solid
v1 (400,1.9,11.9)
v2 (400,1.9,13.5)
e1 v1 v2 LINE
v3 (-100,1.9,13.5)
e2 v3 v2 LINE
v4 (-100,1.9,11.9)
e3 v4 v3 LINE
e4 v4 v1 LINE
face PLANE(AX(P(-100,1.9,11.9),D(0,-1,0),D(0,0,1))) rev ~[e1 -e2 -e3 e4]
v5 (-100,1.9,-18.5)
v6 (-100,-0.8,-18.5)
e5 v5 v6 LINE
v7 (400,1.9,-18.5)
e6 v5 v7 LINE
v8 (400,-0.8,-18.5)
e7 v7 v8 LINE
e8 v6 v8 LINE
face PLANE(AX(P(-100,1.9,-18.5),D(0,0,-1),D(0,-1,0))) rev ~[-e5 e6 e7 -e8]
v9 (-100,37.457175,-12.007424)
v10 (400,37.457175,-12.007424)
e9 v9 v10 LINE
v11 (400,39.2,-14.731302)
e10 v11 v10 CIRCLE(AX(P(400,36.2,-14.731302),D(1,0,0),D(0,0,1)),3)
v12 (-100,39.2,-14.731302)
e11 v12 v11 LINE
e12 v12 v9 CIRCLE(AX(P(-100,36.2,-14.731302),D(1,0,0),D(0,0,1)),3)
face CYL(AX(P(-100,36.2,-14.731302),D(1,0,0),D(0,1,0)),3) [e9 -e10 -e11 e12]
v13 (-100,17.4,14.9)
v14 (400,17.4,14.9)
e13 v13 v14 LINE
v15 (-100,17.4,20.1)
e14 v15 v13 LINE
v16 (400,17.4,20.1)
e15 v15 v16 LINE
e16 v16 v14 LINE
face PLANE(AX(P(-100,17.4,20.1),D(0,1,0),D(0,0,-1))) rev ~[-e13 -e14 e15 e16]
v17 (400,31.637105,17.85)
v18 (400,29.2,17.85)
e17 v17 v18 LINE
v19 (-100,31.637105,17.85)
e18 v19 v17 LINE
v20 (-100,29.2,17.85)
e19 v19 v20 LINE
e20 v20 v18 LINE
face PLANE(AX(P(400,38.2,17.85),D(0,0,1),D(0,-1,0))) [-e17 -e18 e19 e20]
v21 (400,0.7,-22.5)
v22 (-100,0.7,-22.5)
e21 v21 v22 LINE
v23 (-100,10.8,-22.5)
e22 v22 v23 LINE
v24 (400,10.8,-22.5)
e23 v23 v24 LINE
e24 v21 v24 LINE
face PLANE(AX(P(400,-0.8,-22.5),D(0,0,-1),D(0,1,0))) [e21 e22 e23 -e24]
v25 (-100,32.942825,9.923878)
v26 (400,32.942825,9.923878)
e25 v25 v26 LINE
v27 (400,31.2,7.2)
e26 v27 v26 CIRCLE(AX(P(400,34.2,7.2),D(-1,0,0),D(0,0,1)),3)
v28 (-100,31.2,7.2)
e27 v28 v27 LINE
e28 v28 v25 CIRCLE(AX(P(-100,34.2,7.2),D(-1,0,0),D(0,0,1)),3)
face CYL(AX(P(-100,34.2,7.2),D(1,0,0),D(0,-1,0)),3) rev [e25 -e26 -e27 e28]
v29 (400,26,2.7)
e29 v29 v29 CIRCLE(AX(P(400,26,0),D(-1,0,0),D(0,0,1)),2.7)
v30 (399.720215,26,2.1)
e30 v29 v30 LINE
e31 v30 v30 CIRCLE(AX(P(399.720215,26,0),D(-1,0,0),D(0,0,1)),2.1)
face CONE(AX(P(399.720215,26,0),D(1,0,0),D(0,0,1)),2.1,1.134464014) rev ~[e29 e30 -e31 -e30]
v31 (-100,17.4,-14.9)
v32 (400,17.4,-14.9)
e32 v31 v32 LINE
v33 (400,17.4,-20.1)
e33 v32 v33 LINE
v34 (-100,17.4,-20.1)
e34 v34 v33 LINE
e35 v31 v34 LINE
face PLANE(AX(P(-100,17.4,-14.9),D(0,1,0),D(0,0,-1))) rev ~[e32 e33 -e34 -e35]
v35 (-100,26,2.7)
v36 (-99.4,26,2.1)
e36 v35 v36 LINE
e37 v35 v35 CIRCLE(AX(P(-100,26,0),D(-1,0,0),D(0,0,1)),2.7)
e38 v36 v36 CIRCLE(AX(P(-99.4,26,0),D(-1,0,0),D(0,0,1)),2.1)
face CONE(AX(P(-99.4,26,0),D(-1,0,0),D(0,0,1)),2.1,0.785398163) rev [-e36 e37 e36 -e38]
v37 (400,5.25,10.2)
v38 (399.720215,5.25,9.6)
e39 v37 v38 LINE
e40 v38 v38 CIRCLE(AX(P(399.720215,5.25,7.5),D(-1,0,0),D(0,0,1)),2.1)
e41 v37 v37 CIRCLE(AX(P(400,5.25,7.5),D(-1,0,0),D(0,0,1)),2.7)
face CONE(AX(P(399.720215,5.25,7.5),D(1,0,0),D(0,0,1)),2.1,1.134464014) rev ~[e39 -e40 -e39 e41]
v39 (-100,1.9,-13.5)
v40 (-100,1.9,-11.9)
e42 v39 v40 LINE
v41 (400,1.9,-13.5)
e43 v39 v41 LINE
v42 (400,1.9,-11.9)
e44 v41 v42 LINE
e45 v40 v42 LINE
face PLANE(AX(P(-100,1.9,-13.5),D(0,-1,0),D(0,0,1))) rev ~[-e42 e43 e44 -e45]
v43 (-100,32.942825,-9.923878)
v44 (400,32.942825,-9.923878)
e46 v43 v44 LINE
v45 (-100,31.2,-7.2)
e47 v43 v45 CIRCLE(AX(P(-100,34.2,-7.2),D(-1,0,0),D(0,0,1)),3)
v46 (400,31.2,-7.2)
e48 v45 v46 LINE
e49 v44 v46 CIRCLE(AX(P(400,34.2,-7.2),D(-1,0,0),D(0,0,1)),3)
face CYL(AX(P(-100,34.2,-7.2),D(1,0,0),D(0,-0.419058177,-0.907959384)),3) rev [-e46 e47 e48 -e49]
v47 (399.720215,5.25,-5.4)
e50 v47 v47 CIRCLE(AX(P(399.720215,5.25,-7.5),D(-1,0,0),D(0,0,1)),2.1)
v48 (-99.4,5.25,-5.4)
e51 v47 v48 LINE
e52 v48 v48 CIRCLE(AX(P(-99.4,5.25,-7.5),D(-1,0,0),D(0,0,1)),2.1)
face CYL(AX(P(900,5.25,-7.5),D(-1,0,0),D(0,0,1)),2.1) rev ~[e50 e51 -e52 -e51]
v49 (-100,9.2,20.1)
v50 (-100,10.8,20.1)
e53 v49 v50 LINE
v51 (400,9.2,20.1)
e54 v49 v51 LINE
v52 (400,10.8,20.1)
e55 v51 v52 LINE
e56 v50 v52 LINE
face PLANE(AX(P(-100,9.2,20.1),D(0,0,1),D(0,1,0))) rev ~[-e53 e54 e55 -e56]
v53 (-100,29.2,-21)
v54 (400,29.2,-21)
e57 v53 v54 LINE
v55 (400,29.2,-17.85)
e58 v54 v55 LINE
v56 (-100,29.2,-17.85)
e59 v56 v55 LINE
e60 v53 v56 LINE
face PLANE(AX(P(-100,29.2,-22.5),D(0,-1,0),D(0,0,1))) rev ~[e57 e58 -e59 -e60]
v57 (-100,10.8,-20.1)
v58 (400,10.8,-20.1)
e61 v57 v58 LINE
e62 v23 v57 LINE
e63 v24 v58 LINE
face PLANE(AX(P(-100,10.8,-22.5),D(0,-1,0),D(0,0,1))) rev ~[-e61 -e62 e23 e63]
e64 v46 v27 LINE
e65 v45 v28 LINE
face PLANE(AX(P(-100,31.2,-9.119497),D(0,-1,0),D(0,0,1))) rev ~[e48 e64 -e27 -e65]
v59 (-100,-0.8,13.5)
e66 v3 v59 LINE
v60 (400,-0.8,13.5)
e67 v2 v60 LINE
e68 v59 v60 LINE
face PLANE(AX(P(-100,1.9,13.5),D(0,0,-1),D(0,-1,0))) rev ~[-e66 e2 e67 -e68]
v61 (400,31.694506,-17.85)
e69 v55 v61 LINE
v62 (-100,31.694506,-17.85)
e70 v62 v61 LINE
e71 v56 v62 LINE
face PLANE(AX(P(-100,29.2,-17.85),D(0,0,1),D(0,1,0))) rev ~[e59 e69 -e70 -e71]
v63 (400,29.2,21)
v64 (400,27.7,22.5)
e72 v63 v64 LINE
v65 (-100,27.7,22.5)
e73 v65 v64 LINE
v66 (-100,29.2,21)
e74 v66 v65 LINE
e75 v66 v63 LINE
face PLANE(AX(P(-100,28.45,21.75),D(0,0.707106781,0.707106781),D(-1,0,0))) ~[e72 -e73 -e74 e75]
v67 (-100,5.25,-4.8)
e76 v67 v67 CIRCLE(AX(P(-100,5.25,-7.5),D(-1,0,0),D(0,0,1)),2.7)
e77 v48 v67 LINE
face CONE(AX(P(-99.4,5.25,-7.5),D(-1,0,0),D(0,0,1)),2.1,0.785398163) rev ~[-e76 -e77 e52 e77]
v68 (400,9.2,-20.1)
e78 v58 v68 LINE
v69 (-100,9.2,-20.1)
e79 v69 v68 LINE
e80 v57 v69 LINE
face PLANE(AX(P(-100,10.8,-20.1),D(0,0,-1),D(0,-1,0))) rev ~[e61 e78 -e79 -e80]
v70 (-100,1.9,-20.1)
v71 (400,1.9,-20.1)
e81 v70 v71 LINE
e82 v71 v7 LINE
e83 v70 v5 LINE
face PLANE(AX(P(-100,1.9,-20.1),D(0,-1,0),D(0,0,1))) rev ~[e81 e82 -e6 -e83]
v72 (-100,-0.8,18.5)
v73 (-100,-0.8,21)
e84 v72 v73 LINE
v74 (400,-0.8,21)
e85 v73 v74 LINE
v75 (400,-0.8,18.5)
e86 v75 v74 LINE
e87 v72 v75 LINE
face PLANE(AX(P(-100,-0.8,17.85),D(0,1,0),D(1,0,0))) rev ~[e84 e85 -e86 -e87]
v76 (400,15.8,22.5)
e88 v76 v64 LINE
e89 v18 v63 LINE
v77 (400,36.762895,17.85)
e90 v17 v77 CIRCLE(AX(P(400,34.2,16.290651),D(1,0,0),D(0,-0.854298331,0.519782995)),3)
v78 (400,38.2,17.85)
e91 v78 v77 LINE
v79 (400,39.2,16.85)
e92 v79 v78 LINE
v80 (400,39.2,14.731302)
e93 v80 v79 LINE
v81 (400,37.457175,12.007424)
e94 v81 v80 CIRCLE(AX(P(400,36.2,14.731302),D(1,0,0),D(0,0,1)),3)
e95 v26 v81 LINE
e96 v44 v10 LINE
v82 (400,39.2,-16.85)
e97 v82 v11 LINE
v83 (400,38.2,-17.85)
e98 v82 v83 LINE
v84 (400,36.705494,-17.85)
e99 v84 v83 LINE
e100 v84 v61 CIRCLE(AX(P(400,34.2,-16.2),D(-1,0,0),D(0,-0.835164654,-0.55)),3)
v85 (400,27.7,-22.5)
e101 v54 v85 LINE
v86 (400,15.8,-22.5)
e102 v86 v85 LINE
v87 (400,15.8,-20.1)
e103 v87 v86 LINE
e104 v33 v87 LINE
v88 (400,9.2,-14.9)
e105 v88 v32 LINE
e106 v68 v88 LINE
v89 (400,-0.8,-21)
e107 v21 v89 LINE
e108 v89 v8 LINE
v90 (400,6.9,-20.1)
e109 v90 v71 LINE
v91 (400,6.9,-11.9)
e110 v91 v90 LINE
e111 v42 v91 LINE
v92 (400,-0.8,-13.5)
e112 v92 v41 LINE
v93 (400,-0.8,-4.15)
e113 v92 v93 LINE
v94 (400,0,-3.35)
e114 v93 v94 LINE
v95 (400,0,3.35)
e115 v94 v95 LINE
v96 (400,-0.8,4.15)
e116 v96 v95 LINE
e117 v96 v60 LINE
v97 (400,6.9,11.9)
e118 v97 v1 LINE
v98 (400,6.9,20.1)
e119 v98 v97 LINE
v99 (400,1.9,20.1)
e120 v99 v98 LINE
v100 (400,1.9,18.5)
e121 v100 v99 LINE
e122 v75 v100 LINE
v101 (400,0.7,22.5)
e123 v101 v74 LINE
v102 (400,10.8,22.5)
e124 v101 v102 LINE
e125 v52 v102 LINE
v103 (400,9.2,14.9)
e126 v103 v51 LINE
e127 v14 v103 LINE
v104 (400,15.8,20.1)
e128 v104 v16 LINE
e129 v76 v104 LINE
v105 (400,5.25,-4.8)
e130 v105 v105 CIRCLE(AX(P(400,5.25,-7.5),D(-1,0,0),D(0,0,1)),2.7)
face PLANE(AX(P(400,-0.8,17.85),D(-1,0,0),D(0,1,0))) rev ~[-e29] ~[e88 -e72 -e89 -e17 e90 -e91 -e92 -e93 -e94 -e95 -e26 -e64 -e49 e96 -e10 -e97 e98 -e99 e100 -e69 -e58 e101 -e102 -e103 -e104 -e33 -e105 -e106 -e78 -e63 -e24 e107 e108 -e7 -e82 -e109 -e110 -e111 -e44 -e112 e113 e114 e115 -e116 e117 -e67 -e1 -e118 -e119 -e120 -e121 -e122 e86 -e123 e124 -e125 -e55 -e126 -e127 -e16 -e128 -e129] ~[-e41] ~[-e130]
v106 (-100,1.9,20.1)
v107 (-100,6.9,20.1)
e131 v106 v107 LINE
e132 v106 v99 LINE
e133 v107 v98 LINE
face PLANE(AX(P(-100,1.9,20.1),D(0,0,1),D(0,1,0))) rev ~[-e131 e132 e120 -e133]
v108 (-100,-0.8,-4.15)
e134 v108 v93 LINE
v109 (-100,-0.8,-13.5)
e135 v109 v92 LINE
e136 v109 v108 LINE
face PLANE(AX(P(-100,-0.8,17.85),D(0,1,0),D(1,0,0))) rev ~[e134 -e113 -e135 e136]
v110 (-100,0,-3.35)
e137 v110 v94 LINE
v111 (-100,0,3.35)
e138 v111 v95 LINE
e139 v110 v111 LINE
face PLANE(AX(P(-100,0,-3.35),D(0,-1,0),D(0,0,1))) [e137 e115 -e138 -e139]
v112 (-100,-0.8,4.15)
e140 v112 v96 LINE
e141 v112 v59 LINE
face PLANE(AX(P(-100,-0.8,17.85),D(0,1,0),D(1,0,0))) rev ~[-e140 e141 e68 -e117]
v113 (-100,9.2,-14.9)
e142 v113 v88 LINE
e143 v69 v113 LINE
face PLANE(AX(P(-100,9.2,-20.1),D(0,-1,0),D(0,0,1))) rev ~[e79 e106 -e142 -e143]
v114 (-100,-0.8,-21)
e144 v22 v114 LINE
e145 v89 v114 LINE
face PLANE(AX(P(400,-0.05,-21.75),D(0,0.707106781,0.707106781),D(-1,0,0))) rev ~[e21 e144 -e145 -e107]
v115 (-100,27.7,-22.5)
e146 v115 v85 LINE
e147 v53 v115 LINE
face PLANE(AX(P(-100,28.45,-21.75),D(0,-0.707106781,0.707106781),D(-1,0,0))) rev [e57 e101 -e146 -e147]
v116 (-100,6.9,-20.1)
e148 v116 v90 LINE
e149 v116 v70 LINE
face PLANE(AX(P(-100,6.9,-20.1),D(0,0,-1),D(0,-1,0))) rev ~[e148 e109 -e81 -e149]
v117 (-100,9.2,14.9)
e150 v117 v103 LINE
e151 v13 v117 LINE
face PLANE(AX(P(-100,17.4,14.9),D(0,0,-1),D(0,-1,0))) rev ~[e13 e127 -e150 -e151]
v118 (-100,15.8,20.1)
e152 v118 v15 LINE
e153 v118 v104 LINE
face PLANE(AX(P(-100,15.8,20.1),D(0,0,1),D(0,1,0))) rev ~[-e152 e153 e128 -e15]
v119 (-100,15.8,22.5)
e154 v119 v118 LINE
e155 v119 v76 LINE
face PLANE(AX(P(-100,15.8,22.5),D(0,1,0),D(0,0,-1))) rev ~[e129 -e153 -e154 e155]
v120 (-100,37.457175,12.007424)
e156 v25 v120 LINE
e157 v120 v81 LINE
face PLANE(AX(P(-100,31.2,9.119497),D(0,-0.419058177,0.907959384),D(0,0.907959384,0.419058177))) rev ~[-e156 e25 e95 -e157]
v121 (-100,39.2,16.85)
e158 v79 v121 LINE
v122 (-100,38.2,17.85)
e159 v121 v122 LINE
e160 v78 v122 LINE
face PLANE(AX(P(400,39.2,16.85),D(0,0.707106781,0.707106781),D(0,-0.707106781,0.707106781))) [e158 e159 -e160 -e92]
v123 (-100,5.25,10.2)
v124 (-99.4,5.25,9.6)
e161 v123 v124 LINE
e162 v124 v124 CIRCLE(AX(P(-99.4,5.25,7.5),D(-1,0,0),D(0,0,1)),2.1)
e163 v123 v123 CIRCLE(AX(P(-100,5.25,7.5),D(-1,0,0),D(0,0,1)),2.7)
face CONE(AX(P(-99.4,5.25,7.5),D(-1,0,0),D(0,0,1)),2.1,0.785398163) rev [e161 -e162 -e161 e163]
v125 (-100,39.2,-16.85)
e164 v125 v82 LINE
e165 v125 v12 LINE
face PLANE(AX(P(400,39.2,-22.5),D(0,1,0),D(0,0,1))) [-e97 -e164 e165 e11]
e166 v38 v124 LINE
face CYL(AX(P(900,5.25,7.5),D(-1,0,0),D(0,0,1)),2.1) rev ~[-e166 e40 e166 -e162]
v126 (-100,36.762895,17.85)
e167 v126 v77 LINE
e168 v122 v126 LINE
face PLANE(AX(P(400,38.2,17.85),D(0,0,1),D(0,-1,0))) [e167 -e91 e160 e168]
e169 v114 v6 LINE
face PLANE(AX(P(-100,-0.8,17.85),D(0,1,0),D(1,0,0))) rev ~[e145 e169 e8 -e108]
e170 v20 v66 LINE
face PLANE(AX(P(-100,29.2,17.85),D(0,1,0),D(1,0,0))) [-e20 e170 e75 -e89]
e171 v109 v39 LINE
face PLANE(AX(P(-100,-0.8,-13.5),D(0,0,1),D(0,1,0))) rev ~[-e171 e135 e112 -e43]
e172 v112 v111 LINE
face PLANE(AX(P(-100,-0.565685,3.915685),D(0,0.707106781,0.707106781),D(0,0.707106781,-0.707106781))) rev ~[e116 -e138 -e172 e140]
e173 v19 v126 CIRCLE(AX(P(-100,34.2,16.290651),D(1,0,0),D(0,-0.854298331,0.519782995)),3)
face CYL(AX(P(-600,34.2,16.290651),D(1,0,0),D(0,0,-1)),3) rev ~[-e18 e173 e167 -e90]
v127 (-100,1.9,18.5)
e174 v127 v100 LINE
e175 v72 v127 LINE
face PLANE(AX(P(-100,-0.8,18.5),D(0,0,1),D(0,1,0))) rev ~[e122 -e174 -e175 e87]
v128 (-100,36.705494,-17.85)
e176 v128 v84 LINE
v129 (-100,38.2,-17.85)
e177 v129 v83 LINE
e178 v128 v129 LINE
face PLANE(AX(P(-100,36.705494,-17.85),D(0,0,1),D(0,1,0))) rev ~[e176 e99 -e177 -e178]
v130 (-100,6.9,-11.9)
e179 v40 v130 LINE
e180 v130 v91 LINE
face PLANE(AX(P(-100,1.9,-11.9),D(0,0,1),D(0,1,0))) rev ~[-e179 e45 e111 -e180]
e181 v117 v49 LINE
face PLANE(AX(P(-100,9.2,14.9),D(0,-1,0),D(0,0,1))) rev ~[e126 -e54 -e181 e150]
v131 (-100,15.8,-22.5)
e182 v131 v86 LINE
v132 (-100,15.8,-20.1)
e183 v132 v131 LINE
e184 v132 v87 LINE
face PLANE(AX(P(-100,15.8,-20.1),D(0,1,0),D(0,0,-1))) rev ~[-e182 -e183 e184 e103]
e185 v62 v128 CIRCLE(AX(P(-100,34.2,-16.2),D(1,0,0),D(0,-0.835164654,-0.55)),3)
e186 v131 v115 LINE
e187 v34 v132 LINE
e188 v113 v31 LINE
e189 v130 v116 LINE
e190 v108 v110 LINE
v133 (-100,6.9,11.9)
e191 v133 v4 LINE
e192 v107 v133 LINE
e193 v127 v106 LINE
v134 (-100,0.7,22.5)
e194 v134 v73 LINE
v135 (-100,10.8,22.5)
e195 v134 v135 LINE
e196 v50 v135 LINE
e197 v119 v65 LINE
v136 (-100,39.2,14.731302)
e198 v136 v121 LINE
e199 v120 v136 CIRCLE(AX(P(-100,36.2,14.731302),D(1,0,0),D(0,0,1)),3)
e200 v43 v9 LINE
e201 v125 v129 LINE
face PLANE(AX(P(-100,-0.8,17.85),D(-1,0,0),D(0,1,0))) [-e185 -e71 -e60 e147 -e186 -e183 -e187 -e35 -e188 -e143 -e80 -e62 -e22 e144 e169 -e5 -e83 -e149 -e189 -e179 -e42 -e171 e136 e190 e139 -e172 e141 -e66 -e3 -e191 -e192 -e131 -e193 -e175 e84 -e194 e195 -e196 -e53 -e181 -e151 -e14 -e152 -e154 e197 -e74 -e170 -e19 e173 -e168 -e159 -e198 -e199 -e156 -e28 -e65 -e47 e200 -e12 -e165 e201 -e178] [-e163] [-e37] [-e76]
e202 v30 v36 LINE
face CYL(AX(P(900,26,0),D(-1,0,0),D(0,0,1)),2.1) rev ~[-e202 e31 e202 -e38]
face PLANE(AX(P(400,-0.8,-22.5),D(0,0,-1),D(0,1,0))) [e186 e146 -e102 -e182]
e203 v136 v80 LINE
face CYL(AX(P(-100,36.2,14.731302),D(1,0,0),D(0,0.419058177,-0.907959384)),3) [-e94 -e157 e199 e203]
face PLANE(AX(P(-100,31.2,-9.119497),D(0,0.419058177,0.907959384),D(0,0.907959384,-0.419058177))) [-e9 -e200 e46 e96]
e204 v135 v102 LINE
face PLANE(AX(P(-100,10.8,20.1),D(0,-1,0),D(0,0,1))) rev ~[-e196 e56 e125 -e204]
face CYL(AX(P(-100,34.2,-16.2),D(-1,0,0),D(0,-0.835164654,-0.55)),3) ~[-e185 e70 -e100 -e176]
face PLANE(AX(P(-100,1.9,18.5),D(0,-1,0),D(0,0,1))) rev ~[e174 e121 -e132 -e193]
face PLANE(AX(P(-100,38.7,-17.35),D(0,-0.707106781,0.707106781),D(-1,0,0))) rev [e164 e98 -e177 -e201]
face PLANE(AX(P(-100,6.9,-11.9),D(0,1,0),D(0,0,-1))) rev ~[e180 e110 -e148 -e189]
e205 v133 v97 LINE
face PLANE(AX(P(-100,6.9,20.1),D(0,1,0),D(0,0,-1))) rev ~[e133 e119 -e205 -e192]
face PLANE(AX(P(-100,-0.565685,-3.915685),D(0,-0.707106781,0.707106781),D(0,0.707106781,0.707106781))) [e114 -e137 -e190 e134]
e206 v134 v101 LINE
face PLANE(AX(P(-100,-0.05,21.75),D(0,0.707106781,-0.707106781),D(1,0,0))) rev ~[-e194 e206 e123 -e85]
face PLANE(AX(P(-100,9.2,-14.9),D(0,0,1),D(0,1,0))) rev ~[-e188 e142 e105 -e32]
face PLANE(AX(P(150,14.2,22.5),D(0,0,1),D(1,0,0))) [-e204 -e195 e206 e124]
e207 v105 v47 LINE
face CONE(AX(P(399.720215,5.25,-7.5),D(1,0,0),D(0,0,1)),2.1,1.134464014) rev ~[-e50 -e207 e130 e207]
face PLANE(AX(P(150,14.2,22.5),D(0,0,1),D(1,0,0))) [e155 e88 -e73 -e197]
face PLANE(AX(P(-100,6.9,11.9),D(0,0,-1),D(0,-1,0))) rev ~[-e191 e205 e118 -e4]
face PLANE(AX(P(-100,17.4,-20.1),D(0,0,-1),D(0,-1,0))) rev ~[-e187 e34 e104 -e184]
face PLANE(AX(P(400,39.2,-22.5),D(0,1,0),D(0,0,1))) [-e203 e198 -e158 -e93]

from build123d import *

# Parameters (mm, degrees)
EXTRUDE_1_DEPTH                = 500
SKETCH_2_W                     = 500
SKETCH_2_H                     = 30
EXTRUDE_2_DEPTH                = 4.65
CUT_EXTRUDE_1_DEPTH            = 501
CUT_EXTRUDE_2_DEPTH            = 501
SKETCH_5_W                     = 6.7
SKETCH_5_H                     = 0.8
CUT_EXTRUDE_3_DEPTH            = 501
CUT_EXTRUDE_4_DEPTH            = 501
CUT_EXTRUDE_5_DEPTH            = 501
CUT_EXTRUDE_6_DEPTH            = 501
SKETCH_9_W                     = 18.238994336
SKETCH_9_H                     = 8
CUT_EXTRUDE_7_DEPTH            = 501
DRAFT_1_ANGLE                  = 45
DRAFT_2_ANGLE                  = 24.775140569
F_4_2_4_2_DIAMETER_HOLE1_D     = 4.2
F_4_2_4_2_DIAMETER_HOLE1_DEPTH = 500
F_6_0_6_DIAMETER_HOLE1_D       = 6
F_6_0_6_DIAMETER_HOLE1_DEPTH   = 500
CHAMFER_1_SIZE                 = 0.6
CHAMFER_1_SIZE2                = 0.279784595
CHAMFER_2_SIZE                 = 0.6
CHAMFER_3_SIZE                 = 1
CHAMFER_4_SIZE                 = 1.5
FILLET_1_R                     = 3


with BuildPart() as part:
    # 스케치1 → 보스-돌출1 (new body)
    with BuildSketch(Plane(origin=(400, 0, 0), x_dir=(0, 0, -1), z_dir=(1, 0, 0))):
        Polygon((-17.85, 38.2), (-17.85, -0.8), (22.5, -0.8), (22.5, 39.2), (-16.85, 39.2), align=None)
    extrude(amount=-EXTRUDE_1_DEPTH)

    # 스케치2 → 보스-돌출2 (add)
    with BuildSketch(Plane.XY.offset(17.85)):
        with Locations((150, 14.2)):
            Rectangle(SKETCH_2_W, SKETCH_2_H)
    extrude(amount=EXTRUDE_2_DEPTH)

    # 스케치3 → 컷-돌출1 (cut, through all)
    with BuildSketch(Plane.ZY.offset(100)):
        Polygon((22.5, 10.8), (22.5, 15.8), (20.1, 15.8), (20.1, 17.4), (14.9, 17.4), (14.9, 9.2), (20.1, 9.2), (20.1, 10.8), align=None)
    extrude(amount=-CUT_EXTRUDE_1_DEPTH, mode=Mode.SUBTRACT)

    # 스케치4 → 컷-돌출2 (cut, through all)
    with BuildSketch(Plane.ZY.offset(100)):
        Polygon((13.5, -0.8), (18.5, -0.8), (18.5, 1.9), (20.1, 1.9), (20.1, 6.9), (11.9, 6.9), (11.9, 1.9), (13.5, 1.9), align=None)
    extrude(amount=-CUT_EXTRUDE_2_DEPTH, mode=Mode.SUBTRACT)

    # 스케치5 → 컷-돌출3 (cut, through all)
    with BuildSketch(Plane.ZY.offset(100)):
        with Locations((0, -0.4)):
            Rectangle(SKETCH_5_W, SKETCH_5_H)
    extrude(amount=-CUT_EXTRUDE_3_DEPTH, mode=Mode.SUBTRACT)

    # 스케치6 → 컷-돌출4 (cut, through all)
    with BuildSketch(Plane.ZY.offset(100)):
        Polygon((-18.5, -0.8), (-13.5, -0.8), (-13.5, 1.9), (-11.9, 1.9), (-11.9, 6.9), (-20.1, 6.9), (-20.1, 1.9), (-18.5, 1.9), align=None)
    extrude(amount=-CUT_EXTRUDE_4_DEPTH, mode=Mode.SUBTRACT)

    # 스케치7 → 컷-돌출5 (cut, through all)
    with BuildSketch(Plane.ZY.offset(100)):
        Polygon((-22.5, 15.8), (-22.5, 10.8), (-20.1, 10.8), (-20.1, 9.2), (-14.9, 9.2), (-14.9, 17.4), (-20.1, 17.4), (-20.1, 15.8), align=None)
    extrude(amount=-CUT_EXTRUDE_5_DEPTH, mode=Mode.SUBTRACT)

    # 스케치8 → 컷-돌출6 (cut, through all)
    with BuildSketch(Plane.ZY.offset(100)):
        with BuildLine():
            Line((-17.85, 36.705493963), (-17.85, 39.2))
            Line((-17.85, 39.2), (-22.5, 39.2))
            Line((-22.5, 39.2), (-22.5, 29.2))
            Line((-22.5, 29.2), (-17.85, 29.2))
            Line((-17.85, 29.2), (-17.85, 31.694506037))
            ThreePointArc((-17.85, 31.694506037), (-19.2, 34.2), (-17.85, 36.705493963))
        make_face()
    extrude(amount=-CUT_EXTRUDE_6_DEPTH, mode=Mode.SUBTRACT)

    # 스케치9 → 컷-돌출7 (cut, through all)
    with BuildSketch(Plane.ZY.offset(100)):
        with Locations((0, 35.2)):
            Rectangle(SKETCH_9_W, SKETCH_9_H)
    extrude(amount=-CUT_EXTRUDE_7_DEPTH, mode=Mode.SUBTRACT)

    # 구배1
    draft_1_faces = [part.faces().sort_by_distance(p)[0] for p in [
        (150, -0.4, 3.35),
        (150, -0.4, -3.35),
    ]]
    draft(draft_1_faces, Plane(origin=(400, 0, 3.35), x_dir=(0, 0, -1), z_dir=(0, -1, 0)), DRAFT_1_ANGLE)

    # 구배2
    draft_2_faces = [part.faces().sort_by_distance(p)[0] for p in [
        (150, 35.2, 9.119497168),
        (150, 35.2, -9.119497168),
    ]]
    draft(draft_2_faces, Plane(origin=(400, 31.2, -9.119497168), x_dir=(0, 0, 1), z_dir=(0, 1, 0)), DRAFT_2_ANGLE)

    # Ø4.2 (4.2) Diameter Hole1
    with Locations(Plane(origin=(400, 0, 0), x_dir=(0, 0, -1), z_dir=(1, 0, 0))):
        with Locations((-7.5, 5.25), (7.5, 5.25), (0, 26)):
            Hole(F_4_2_4_2_DIAMETER_HOLE1_D / 2, depth=F_4_2_4_2_DIAMETER_HOLE1_DEPTH)

    # Ø6.0 (6) Diameter Hole1
    with Locations(Plane.ZY.offset(100)):
        with Locations((16.290651015, 34.2)):
            Hole(F_6_0_6_DIAMETER_HOLE1_D / 2, depth=F_6_0_6_DIAMETER_HOLE1_DEPTH)

    # 모따기1
    chamfer_1_edges = [part.edges().sort_by_distance(p)[0] for p in [
        (400, 26, -2.1),
        (400, 5.25, -9.6),
        (400, 5.25, 5.4),
    ]]
    chamfer_1_side = [part.faces().sort_by_distance(p)[0] for p in [
        (400, 17.793427641, -0.369480422),
    ]]
    chamfer(chamfer_1_edges, length=CHAMFER_1_SIZE, length2=CHAMFER_1_SIZE2, reference=chamfer_1_side[0])

    # 모따기2
    chamfer_2_edges = [part.edges().sort_by_distance(p)[0] for p in [
        (-100, 26, -2.1),
        (-100, 5.25, -9.6),
        (-100, 5.25, 5.4),
    ]]
    chamfer(chamfer_2_edges, length=CHAMFER_2_SIZE)

    # 모따기3
    chamfer_3_edges = [part.edges().sort_by_distance(p)[0] for p in [
        (150, 39.2, -17.85),
    ]]
    chamfer(chamfer_3_edges, length=CHAMFER_3_SIZE)

    # 모따기4
    chamfer_4_edges = [part.edges().sort_by_distance(p)[0] for p in [
        (150, 29.2, -22.5),
        (150, 29.2, 22.5),
        (150, -0.8, 22.5),
        (150, -0.8, -22.5),
    ]]
    chamfer(chamfer_4_edges, length=CHAMFER_4_SIZE)

    # 필렛1
    fillet_1_edges = [part.edges().sort_by_distance(p)[0] for p in [
        (150, 39.2, -12.811804861),
        (150, 39.2, 12.811804861),
        (150, 31.2, 9.119497168),
        (150, 31.2, -9.119497168),
    ]]
    fillet(fillet_1_edges, radius=FILLET_1_R)


solid = part.part
